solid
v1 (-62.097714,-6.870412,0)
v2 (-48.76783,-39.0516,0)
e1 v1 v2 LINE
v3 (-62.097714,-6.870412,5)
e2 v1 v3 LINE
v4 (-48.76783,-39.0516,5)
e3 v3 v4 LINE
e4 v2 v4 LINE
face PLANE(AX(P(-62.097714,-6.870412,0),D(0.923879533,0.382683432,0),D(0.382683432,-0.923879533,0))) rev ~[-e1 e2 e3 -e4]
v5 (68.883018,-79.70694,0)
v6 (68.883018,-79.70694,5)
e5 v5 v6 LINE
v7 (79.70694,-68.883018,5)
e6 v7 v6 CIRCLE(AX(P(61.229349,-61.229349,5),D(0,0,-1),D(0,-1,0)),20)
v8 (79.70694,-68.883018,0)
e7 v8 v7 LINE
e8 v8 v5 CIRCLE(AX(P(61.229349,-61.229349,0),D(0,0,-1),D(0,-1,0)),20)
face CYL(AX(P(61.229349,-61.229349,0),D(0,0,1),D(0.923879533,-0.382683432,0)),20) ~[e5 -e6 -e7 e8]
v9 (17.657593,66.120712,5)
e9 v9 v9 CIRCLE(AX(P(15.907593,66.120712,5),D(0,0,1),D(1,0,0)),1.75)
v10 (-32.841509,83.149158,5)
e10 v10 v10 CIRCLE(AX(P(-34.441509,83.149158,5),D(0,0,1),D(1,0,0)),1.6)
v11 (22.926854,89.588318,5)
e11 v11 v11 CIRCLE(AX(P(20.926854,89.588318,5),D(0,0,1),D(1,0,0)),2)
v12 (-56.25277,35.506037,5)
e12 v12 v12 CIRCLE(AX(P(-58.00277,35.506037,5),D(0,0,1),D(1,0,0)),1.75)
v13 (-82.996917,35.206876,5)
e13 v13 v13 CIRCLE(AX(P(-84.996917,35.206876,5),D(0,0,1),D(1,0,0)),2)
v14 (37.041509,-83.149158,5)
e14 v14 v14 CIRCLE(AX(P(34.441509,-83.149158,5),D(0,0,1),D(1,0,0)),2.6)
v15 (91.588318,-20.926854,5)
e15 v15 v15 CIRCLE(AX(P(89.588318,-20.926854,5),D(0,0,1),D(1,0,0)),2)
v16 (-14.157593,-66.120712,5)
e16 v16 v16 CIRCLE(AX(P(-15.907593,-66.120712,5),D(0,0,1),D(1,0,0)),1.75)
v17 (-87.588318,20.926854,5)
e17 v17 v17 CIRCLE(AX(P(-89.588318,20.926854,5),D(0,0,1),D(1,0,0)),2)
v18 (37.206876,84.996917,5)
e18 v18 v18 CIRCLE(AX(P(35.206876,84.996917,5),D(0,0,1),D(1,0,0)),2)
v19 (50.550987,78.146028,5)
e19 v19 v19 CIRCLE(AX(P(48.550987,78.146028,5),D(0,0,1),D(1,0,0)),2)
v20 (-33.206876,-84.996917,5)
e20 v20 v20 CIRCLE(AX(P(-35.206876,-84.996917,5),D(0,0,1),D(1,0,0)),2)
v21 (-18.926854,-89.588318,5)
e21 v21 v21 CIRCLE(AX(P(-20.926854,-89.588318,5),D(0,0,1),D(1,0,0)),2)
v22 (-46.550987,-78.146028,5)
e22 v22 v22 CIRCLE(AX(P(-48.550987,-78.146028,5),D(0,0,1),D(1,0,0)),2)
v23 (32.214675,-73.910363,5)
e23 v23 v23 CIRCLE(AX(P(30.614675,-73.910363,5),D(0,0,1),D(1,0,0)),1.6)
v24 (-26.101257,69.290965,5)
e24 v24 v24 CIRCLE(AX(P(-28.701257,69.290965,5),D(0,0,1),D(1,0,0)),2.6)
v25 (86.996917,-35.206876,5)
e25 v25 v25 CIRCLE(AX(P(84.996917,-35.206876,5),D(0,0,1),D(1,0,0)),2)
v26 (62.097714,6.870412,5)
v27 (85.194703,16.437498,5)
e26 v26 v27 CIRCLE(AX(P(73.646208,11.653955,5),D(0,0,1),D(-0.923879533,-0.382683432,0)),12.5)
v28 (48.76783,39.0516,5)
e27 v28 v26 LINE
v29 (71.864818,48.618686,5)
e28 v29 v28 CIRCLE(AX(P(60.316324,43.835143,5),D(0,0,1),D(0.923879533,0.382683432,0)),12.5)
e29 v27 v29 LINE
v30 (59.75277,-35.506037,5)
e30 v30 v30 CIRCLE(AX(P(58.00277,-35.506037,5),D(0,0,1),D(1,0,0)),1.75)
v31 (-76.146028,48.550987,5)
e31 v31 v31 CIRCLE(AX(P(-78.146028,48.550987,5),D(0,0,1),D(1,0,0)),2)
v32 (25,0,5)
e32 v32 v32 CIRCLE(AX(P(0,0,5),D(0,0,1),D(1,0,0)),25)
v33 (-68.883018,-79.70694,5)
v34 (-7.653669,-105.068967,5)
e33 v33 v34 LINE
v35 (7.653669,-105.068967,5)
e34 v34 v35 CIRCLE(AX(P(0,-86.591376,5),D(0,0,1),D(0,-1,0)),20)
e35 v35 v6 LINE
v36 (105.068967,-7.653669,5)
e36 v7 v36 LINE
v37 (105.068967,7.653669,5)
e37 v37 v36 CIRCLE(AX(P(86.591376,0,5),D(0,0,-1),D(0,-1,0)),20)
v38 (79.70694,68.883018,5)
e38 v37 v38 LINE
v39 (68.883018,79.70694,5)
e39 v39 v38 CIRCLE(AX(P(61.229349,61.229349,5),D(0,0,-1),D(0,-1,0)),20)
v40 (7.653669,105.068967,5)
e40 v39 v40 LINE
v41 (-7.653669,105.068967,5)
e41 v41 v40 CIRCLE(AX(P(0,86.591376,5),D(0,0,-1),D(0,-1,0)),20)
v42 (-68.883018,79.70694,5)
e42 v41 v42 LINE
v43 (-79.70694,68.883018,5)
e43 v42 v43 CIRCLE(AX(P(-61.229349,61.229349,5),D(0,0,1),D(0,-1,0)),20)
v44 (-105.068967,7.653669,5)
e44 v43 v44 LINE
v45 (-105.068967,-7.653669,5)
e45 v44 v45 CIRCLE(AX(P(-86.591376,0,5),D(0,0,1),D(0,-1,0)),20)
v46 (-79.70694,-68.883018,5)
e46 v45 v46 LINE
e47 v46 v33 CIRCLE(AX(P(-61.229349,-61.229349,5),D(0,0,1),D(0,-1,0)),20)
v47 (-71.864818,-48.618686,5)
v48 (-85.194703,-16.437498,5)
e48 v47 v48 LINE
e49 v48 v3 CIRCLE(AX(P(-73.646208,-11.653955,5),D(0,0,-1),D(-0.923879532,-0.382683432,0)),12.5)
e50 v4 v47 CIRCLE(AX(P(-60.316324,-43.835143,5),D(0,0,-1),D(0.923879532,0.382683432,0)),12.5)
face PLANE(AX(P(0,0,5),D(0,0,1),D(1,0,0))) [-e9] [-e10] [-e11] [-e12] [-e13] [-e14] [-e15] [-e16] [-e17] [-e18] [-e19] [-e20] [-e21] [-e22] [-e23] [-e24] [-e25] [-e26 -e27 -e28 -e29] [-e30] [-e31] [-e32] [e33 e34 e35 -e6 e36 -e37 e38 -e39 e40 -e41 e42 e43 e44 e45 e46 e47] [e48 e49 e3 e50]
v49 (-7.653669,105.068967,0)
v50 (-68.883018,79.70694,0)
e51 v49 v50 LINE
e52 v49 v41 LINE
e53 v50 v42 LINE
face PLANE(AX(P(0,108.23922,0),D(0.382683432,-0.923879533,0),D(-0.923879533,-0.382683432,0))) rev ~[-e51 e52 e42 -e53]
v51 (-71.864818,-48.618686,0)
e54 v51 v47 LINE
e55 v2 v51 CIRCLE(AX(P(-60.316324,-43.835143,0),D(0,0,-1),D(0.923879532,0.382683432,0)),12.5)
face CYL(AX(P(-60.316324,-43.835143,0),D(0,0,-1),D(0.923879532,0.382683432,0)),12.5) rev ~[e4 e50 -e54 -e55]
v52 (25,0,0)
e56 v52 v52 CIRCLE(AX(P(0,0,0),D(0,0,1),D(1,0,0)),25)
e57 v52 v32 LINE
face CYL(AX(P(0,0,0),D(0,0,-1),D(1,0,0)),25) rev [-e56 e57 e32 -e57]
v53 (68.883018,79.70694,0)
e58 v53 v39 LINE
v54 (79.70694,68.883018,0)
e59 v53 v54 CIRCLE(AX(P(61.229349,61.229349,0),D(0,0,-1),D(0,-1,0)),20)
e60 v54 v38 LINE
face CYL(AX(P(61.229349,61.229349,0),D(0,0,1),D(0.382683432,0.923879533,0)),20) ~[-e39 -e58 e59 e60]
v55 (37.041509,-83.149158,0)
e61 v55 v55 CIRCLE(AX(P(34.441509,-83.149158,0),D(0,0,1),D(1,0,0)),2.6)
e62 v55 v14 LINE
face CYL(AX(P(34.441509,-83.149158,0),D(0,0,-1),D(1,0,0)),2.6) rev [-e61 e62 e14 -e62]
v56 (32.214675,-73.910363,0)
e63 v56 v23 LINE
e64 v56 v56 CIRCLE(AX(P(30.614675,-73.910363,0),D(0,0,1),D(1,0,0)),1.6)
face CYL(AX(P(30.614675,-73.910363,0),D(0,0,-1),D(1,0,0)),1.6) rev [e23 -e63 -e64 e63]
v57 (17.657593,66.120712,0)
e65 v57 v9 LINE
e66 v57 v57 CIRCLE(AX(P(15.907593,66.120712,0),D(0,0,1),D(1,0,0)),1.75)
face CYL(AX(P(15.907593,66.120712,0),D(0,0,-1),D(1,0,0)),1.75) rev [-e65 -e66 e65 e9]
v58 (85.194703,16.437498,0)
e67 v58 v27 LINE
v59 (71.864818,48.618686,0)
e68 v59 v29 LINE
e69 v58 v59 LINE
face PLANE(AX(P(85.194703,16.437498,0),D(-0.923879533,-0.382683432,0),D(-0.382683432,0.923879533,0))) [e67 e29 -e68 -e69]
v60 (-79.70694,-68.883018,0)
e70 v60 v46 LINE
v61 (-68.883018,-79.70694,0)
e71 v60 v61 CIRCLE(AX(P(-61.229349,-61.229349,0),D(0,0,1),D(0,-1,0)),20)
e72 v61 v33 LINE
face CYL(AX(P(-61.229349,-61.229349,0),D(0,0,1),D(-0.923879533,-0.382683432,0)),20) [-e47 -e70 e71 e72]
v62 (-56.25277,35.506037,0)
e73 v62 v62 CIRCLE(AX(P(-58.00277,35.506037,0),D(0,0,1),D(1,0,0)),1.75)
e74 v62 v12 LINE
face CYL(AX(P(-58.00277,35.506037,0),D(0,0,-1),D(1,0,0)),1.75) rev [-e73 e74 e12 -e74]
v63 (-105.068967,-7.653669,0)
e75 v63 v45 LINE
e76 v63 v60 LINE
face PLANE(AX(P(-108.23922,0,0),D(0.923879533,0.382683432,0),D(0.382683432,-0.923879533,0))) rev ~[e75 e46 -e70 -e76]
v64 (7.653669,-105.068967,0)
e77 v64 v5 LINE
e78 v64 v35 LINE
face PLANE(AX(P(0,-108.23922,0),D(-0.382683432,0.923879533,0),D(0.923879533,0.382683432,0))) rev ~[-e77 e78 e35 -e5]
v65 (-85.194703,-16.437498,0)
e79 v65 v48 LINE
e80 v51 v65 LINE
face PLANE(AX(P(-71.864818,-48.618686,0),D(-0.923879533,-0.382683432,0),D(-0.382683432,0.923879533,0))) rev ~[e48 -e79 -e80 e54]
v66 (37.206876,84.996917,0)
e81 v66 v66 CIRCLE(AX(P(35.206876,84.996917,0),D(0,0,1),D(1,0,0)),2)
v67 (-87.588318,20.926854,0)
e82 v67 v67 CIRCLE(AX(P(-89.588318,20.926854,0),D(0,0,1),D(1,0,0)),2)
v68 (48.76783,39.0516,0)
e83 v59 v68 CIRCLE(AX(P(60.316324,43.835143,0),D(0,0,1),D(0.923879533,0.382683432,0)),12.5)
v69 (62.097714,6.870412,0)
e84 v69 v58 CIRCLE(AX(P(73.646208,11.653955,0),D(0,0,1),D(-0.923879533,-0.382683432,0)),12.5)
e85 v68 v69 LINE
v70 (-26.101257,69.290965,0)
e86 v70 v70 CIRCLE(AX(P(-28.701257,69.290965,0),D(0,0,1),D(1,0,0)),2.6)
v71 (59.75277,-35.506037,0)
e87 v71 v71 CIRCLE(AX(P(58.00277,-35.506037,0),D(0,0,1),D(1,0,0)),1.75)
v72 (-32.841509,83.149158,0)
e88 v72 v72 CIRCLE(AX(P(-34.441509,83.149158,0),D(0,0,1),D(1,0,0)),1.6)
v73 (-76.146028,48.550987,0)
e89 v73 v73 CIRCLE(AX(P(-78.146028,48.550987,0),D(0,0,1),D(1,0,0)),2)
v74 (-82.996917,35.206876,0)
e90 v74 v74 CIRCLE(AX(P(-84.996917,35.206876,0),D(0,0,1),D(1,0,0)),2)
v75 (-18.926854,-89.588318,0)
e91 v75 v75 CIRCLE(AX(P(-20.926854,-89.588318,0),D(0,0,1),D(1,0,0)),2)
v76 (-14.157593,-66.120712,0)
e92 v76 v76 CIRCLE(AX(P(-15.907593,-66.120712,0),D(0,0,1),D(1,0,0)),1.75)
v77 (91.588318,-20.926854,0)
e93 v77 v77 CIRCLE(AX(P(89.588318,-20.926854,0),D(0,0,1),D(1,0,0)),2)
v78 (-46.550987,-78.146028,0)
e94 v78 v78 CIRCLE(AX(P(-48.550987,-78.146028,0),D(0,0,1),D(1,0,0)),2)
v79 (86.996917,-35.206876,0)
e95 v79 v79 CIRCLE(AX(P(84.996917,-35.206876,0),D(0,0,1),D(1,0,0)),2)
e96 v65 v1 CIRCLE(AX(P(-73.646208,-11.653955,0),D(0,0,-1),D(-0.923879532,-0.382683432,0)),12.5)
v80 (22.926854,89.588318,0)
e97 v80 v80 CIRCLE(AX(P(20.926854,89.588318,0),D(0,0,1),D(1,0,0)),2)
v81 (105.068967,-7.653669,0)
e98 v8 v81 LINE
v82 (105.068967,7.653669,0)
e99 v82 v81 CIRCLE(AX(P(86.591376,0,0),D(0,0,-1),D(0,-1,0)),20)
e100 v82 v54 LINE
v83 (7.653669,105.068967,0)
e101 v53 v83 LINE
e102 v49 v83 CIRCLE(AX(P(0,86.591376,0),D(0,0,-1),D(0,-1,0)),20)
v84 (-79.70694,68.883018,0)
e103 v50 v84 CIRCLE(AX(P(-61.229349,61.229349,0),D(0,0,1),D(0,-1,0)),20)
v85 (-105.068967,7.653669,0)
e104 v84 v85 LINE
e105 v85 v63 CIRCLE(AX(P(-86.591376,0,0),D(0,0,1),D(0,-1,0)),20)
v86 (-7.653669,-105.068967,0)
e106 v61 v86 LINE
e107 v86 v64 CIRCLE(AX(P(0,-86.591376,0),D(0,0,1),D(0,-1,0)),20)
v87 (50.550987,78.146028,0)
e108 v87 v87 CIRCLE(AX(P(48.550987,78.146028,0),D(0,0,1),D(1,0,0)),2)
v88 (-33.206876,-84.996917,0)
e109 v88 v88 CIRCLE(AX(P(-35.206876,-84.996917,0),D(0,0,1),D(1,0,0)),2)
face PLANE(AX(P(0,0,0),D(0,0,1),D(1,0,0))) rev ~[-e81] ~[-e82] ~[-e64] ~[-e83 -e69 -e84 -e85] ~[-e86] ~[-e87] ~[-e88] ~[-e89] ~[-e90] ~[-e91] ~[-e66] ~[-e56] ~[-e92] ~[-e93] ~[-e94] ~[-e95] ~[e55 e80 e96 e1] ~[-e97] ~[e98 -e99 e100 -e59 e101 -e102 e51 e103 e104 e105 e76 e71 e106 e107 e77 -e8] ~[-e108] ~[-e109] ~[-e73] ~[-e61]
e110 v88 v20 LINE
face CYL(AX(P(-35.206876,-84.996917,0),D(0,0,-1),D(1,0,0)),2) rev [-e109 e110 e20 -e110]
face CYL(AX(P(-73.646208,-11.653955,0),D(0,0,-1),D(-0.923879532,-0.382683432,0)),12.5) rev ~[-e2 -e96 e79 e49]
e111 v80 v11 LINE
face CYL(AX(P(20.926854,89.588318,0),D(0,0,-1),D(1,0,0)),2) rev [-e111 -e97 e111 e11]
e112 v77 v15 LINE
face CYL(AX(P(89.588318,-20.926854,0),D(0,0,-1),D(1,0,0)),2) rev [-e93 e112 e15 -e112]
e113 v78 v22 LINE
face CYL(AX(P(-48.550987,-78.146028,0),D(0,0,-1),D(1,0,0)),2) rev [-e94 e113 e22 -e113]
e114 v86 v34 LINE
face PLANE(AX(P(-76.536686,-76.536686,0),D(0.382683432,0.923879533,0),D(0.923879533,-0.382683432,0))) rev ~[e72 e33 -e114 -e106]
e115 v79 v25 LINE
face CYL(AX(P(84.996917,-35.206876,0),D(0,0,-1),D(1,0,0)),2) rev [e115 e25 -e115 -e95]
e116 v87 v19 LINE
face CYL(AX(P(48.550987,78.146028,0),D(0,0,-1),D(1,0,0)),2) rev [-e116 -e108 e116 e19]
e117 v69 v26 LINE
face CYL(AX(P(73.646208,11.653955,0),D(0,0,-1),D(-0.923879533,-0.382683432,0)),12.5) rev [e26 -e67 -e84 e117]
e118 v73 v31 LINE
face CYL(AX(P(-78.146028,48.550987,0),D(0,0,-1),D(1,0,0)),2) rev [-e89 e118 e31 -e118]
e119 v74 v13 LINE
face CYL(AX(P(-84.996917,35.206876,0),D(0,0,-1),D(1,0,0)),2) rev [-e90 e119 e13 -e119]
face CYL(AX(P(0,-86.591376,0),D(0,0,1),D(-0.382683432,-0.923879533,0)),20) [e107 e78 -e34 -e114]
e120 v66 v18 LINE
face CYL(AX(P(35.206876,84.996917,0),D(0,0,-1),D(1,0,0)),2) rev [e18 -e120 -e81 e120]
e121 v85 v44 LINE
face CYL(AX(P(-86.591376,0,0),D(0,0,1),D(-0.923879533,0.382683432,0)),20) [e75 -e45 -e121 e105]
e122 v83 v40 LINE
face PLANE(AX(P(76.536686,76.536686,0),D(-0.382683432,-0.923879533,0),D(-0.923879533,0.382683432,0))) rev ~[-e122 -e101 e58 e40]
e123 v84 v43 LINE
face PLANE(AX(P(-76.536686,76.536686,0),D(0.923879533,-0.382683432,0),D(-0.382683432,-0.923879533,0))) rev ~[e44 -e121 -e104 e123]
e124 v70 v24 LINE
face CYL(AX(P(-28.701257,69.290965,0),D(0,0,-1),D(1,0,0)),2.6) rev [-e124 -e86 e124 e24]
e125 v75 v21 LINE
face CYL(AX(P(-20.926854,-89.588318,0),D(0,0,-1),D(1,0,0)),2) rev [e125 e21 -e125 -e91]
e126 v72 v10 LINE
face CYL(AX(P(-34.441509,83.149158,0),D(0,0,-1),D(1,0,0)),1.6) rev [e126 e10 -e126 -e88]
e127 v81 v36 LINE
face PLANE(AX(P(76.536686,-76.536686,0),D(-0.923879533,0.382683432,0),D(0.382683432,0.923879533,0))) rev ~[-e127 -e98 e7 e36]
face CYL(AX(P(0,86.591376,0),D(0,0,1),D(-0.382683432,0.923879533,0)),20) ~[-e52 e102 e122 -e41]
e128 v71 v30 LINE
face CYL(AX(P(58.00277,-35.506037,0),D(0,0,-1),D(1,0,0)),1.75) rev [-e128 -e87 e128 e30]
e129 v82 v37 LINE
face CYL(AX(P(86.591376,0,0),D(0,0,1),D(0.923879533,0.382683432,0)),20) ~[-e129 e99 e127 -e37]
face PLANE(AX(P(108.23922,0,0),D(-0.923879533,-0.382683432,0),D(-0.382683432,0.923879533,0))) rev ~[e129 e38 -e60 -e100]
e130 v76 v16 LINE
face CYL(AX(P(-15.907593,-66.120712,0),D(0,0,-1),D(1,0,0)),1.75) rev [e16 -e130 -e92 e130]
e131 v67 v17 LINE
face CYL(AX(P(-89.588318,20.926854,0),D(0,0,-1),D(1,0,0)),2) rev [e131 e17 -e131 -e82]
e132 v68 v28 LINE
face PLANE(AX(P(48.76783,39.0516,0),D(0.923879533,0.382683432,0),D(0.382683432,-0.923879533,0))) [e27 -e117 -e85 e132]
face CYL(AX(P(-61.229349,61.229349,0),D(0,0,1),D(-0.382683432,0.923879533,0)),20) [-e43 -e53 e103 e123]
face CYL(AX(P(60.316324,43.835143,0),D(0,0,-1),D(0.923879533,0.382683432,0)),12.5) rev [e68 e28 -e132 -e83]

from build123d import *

# Parameters (mm, degrees)
SKETCH_1_R      = 2
SKETCH_1_R_2    = 1.75
SKETCH_1_R_3    = 25
SKETCH_1_R_4    = 1.6
SKETCH_1_R_5    = 2.6
EXTRUDE_1_DEPTH = 5
FILLET_1_R      = 20


with BuildPart() as part:
    # 草图1 → 凸台-拉伸1 (new body)
    with BuildSketch(Plane.XY):
        Polygon((0, 108.239220029), (-76.536686473, 76.536686473), (-108.239220029, 0), (-76.536686473, -76.536686473), (0, -108.239220029), (76.536686473, -76.536686473), (108.239220029, 0), (76.536686473, 76.536686473), align=None)
        with Locations((-35.206875778, -84.996916991)):
            Circle(SKETCH_1_R, mode=Mode.SUBTRACT)
        with Locations((84.996916991, -35.206875778)):
            Circle(SKETCH_1_R, mode=Mode.SUBTRACT)
        with Locations((35.206875778, 84.996916991)):
            Circle(SKETCH_1_R, mode=Mode.SUBTRACT)
        with Locations((-84.996916991, 35.206875778)):
            Circle(SKETCH_1_R, mode=Mode.SUBTRACT)
        with Locations((-58.002770081, 35.506036994)):
            Circle(SKETCH_1_R_2, mode=Mode.SUBTRACT)
        with Locations((-15.90759252, -66.120711583)):
            Circle(SKETCH_1_R_2, mode=Mode.SUBTRACT)
        with Locations((58.002770081, -35.506036994)):
            Circle(SKETCH_1_R_2, mode=Mode.SUBTRACT)
        with Locations((15.90759252, 66.120711583)):
            Circle(SKETCH_1_R_2, mode=Mode.SUBTRACT)
        with Locations((89.588318422, -20.926853617)):
            Circle(SKETCH_1_R, mode=Mode.SUBTRACT)
        with Locations((-20.926853617, -89.588318422)):
            Circle(SKETCH_1_R, mode=Mode.SUBTRACT)
        with Locations((-89.588318422, 20.926853617)):
            Circle(SKETCH_1_R, mode=Mode.SUBTRACT)
        with Locations((20.926853617, 89.588318422)):
            Circle(SKETCH_1_R, mode=Mode.SUBTRACT)
        with Locations((-48.55098737, -78.146027573)):
            Circle(SKETCH_1_R, mode=Mode.SUBTRACT)
        with Locations((-78.146027573, 48.55098737)):
            Circle(SKETCH_1_R, mode=Mode.SUBTRACT)
        with Locations((48.55098737, 78.146027573)):
            Circle(SKETCH_1_R, mode=Mode.SUBTRACT)
        Circle(SKETCH_1_R_3, mode=Mode.SUBTRACT)
        with Locations((-34.441508913, 83.149157926)):
            Circle(SKETCH_1_R_4, mode=Mode.SUBTRACT)
        with Locations((-28.701257427, 69.290964938)):
            Circle(SKETCH_1_R_5, mode=Mode.SUBTRACT)
        with Locations((30.614674589, -73.910362601)):
            Circle(SKETCH_1_R_4, mode=Mode.SUBTRACT)
        with Locations((34.441508913, -83.149157926)):
            Circle(SKETCH_1_R_5, mode=Mode.SUBTRACT)
        with BuildLine():
            Line((-62.097714236, -6.870411885), (-48.767829666, -39.051599999))
            ThreePointArc((-48.767829666, -39.051599999), (-55.532780918, -55.38363706), (-71.864817978, -48.618685808))
            Line((-71.864817978, -48.618685808), (-85.194702548, -16.437497694))
            ThreePointArc((-85.194702548, -16.437497694), (-78.429751297, -0.105460633), (-62.097714236, -6.870411885))
        make_face(mode=Mode.SUBTRACT)
        with BuildLine():
            Line((48.767829666, 39.051599999), (62.097714236, 6.870411885))
            ThreePointArc((62.097714236, 6.870411885), (78.429751297, 0.105460633), (85.194702548, 16.437497694))
            Line((85.194702548, 16.437497694), (71.864817978, 48.618685808))
            ThreePointArc((71.864817978, 48.618685808), (55.532780918, 55.38363706), (48.767829666, 39.051599999))
        make_face(mode=Mode.SUBTRACT)
    extrude(amount=EXTRUDE_1_DEPTH)

    # 圆角1
    fillet_1_edges = [part.edges().sort_by_distance(p)[0] for p in [
        (76.536686473, 76.536686473, 2.5),
        (108.239220029, 0, 2.5),
        (76.536686473, -76.536686473, 2.5),
        (0, -108.239220029, 2.5),
        (-76.536686473, -76.536686473, 2.5),
        (-108.239220029, 0, 2.5),
        (-76.536686473, 76.536686473, 2.5),
        (0, 108.239220029, 2.5),
    ]]
    fillet(fillet_1_edges, radius=FILLET_1_R)


solid = part.part
